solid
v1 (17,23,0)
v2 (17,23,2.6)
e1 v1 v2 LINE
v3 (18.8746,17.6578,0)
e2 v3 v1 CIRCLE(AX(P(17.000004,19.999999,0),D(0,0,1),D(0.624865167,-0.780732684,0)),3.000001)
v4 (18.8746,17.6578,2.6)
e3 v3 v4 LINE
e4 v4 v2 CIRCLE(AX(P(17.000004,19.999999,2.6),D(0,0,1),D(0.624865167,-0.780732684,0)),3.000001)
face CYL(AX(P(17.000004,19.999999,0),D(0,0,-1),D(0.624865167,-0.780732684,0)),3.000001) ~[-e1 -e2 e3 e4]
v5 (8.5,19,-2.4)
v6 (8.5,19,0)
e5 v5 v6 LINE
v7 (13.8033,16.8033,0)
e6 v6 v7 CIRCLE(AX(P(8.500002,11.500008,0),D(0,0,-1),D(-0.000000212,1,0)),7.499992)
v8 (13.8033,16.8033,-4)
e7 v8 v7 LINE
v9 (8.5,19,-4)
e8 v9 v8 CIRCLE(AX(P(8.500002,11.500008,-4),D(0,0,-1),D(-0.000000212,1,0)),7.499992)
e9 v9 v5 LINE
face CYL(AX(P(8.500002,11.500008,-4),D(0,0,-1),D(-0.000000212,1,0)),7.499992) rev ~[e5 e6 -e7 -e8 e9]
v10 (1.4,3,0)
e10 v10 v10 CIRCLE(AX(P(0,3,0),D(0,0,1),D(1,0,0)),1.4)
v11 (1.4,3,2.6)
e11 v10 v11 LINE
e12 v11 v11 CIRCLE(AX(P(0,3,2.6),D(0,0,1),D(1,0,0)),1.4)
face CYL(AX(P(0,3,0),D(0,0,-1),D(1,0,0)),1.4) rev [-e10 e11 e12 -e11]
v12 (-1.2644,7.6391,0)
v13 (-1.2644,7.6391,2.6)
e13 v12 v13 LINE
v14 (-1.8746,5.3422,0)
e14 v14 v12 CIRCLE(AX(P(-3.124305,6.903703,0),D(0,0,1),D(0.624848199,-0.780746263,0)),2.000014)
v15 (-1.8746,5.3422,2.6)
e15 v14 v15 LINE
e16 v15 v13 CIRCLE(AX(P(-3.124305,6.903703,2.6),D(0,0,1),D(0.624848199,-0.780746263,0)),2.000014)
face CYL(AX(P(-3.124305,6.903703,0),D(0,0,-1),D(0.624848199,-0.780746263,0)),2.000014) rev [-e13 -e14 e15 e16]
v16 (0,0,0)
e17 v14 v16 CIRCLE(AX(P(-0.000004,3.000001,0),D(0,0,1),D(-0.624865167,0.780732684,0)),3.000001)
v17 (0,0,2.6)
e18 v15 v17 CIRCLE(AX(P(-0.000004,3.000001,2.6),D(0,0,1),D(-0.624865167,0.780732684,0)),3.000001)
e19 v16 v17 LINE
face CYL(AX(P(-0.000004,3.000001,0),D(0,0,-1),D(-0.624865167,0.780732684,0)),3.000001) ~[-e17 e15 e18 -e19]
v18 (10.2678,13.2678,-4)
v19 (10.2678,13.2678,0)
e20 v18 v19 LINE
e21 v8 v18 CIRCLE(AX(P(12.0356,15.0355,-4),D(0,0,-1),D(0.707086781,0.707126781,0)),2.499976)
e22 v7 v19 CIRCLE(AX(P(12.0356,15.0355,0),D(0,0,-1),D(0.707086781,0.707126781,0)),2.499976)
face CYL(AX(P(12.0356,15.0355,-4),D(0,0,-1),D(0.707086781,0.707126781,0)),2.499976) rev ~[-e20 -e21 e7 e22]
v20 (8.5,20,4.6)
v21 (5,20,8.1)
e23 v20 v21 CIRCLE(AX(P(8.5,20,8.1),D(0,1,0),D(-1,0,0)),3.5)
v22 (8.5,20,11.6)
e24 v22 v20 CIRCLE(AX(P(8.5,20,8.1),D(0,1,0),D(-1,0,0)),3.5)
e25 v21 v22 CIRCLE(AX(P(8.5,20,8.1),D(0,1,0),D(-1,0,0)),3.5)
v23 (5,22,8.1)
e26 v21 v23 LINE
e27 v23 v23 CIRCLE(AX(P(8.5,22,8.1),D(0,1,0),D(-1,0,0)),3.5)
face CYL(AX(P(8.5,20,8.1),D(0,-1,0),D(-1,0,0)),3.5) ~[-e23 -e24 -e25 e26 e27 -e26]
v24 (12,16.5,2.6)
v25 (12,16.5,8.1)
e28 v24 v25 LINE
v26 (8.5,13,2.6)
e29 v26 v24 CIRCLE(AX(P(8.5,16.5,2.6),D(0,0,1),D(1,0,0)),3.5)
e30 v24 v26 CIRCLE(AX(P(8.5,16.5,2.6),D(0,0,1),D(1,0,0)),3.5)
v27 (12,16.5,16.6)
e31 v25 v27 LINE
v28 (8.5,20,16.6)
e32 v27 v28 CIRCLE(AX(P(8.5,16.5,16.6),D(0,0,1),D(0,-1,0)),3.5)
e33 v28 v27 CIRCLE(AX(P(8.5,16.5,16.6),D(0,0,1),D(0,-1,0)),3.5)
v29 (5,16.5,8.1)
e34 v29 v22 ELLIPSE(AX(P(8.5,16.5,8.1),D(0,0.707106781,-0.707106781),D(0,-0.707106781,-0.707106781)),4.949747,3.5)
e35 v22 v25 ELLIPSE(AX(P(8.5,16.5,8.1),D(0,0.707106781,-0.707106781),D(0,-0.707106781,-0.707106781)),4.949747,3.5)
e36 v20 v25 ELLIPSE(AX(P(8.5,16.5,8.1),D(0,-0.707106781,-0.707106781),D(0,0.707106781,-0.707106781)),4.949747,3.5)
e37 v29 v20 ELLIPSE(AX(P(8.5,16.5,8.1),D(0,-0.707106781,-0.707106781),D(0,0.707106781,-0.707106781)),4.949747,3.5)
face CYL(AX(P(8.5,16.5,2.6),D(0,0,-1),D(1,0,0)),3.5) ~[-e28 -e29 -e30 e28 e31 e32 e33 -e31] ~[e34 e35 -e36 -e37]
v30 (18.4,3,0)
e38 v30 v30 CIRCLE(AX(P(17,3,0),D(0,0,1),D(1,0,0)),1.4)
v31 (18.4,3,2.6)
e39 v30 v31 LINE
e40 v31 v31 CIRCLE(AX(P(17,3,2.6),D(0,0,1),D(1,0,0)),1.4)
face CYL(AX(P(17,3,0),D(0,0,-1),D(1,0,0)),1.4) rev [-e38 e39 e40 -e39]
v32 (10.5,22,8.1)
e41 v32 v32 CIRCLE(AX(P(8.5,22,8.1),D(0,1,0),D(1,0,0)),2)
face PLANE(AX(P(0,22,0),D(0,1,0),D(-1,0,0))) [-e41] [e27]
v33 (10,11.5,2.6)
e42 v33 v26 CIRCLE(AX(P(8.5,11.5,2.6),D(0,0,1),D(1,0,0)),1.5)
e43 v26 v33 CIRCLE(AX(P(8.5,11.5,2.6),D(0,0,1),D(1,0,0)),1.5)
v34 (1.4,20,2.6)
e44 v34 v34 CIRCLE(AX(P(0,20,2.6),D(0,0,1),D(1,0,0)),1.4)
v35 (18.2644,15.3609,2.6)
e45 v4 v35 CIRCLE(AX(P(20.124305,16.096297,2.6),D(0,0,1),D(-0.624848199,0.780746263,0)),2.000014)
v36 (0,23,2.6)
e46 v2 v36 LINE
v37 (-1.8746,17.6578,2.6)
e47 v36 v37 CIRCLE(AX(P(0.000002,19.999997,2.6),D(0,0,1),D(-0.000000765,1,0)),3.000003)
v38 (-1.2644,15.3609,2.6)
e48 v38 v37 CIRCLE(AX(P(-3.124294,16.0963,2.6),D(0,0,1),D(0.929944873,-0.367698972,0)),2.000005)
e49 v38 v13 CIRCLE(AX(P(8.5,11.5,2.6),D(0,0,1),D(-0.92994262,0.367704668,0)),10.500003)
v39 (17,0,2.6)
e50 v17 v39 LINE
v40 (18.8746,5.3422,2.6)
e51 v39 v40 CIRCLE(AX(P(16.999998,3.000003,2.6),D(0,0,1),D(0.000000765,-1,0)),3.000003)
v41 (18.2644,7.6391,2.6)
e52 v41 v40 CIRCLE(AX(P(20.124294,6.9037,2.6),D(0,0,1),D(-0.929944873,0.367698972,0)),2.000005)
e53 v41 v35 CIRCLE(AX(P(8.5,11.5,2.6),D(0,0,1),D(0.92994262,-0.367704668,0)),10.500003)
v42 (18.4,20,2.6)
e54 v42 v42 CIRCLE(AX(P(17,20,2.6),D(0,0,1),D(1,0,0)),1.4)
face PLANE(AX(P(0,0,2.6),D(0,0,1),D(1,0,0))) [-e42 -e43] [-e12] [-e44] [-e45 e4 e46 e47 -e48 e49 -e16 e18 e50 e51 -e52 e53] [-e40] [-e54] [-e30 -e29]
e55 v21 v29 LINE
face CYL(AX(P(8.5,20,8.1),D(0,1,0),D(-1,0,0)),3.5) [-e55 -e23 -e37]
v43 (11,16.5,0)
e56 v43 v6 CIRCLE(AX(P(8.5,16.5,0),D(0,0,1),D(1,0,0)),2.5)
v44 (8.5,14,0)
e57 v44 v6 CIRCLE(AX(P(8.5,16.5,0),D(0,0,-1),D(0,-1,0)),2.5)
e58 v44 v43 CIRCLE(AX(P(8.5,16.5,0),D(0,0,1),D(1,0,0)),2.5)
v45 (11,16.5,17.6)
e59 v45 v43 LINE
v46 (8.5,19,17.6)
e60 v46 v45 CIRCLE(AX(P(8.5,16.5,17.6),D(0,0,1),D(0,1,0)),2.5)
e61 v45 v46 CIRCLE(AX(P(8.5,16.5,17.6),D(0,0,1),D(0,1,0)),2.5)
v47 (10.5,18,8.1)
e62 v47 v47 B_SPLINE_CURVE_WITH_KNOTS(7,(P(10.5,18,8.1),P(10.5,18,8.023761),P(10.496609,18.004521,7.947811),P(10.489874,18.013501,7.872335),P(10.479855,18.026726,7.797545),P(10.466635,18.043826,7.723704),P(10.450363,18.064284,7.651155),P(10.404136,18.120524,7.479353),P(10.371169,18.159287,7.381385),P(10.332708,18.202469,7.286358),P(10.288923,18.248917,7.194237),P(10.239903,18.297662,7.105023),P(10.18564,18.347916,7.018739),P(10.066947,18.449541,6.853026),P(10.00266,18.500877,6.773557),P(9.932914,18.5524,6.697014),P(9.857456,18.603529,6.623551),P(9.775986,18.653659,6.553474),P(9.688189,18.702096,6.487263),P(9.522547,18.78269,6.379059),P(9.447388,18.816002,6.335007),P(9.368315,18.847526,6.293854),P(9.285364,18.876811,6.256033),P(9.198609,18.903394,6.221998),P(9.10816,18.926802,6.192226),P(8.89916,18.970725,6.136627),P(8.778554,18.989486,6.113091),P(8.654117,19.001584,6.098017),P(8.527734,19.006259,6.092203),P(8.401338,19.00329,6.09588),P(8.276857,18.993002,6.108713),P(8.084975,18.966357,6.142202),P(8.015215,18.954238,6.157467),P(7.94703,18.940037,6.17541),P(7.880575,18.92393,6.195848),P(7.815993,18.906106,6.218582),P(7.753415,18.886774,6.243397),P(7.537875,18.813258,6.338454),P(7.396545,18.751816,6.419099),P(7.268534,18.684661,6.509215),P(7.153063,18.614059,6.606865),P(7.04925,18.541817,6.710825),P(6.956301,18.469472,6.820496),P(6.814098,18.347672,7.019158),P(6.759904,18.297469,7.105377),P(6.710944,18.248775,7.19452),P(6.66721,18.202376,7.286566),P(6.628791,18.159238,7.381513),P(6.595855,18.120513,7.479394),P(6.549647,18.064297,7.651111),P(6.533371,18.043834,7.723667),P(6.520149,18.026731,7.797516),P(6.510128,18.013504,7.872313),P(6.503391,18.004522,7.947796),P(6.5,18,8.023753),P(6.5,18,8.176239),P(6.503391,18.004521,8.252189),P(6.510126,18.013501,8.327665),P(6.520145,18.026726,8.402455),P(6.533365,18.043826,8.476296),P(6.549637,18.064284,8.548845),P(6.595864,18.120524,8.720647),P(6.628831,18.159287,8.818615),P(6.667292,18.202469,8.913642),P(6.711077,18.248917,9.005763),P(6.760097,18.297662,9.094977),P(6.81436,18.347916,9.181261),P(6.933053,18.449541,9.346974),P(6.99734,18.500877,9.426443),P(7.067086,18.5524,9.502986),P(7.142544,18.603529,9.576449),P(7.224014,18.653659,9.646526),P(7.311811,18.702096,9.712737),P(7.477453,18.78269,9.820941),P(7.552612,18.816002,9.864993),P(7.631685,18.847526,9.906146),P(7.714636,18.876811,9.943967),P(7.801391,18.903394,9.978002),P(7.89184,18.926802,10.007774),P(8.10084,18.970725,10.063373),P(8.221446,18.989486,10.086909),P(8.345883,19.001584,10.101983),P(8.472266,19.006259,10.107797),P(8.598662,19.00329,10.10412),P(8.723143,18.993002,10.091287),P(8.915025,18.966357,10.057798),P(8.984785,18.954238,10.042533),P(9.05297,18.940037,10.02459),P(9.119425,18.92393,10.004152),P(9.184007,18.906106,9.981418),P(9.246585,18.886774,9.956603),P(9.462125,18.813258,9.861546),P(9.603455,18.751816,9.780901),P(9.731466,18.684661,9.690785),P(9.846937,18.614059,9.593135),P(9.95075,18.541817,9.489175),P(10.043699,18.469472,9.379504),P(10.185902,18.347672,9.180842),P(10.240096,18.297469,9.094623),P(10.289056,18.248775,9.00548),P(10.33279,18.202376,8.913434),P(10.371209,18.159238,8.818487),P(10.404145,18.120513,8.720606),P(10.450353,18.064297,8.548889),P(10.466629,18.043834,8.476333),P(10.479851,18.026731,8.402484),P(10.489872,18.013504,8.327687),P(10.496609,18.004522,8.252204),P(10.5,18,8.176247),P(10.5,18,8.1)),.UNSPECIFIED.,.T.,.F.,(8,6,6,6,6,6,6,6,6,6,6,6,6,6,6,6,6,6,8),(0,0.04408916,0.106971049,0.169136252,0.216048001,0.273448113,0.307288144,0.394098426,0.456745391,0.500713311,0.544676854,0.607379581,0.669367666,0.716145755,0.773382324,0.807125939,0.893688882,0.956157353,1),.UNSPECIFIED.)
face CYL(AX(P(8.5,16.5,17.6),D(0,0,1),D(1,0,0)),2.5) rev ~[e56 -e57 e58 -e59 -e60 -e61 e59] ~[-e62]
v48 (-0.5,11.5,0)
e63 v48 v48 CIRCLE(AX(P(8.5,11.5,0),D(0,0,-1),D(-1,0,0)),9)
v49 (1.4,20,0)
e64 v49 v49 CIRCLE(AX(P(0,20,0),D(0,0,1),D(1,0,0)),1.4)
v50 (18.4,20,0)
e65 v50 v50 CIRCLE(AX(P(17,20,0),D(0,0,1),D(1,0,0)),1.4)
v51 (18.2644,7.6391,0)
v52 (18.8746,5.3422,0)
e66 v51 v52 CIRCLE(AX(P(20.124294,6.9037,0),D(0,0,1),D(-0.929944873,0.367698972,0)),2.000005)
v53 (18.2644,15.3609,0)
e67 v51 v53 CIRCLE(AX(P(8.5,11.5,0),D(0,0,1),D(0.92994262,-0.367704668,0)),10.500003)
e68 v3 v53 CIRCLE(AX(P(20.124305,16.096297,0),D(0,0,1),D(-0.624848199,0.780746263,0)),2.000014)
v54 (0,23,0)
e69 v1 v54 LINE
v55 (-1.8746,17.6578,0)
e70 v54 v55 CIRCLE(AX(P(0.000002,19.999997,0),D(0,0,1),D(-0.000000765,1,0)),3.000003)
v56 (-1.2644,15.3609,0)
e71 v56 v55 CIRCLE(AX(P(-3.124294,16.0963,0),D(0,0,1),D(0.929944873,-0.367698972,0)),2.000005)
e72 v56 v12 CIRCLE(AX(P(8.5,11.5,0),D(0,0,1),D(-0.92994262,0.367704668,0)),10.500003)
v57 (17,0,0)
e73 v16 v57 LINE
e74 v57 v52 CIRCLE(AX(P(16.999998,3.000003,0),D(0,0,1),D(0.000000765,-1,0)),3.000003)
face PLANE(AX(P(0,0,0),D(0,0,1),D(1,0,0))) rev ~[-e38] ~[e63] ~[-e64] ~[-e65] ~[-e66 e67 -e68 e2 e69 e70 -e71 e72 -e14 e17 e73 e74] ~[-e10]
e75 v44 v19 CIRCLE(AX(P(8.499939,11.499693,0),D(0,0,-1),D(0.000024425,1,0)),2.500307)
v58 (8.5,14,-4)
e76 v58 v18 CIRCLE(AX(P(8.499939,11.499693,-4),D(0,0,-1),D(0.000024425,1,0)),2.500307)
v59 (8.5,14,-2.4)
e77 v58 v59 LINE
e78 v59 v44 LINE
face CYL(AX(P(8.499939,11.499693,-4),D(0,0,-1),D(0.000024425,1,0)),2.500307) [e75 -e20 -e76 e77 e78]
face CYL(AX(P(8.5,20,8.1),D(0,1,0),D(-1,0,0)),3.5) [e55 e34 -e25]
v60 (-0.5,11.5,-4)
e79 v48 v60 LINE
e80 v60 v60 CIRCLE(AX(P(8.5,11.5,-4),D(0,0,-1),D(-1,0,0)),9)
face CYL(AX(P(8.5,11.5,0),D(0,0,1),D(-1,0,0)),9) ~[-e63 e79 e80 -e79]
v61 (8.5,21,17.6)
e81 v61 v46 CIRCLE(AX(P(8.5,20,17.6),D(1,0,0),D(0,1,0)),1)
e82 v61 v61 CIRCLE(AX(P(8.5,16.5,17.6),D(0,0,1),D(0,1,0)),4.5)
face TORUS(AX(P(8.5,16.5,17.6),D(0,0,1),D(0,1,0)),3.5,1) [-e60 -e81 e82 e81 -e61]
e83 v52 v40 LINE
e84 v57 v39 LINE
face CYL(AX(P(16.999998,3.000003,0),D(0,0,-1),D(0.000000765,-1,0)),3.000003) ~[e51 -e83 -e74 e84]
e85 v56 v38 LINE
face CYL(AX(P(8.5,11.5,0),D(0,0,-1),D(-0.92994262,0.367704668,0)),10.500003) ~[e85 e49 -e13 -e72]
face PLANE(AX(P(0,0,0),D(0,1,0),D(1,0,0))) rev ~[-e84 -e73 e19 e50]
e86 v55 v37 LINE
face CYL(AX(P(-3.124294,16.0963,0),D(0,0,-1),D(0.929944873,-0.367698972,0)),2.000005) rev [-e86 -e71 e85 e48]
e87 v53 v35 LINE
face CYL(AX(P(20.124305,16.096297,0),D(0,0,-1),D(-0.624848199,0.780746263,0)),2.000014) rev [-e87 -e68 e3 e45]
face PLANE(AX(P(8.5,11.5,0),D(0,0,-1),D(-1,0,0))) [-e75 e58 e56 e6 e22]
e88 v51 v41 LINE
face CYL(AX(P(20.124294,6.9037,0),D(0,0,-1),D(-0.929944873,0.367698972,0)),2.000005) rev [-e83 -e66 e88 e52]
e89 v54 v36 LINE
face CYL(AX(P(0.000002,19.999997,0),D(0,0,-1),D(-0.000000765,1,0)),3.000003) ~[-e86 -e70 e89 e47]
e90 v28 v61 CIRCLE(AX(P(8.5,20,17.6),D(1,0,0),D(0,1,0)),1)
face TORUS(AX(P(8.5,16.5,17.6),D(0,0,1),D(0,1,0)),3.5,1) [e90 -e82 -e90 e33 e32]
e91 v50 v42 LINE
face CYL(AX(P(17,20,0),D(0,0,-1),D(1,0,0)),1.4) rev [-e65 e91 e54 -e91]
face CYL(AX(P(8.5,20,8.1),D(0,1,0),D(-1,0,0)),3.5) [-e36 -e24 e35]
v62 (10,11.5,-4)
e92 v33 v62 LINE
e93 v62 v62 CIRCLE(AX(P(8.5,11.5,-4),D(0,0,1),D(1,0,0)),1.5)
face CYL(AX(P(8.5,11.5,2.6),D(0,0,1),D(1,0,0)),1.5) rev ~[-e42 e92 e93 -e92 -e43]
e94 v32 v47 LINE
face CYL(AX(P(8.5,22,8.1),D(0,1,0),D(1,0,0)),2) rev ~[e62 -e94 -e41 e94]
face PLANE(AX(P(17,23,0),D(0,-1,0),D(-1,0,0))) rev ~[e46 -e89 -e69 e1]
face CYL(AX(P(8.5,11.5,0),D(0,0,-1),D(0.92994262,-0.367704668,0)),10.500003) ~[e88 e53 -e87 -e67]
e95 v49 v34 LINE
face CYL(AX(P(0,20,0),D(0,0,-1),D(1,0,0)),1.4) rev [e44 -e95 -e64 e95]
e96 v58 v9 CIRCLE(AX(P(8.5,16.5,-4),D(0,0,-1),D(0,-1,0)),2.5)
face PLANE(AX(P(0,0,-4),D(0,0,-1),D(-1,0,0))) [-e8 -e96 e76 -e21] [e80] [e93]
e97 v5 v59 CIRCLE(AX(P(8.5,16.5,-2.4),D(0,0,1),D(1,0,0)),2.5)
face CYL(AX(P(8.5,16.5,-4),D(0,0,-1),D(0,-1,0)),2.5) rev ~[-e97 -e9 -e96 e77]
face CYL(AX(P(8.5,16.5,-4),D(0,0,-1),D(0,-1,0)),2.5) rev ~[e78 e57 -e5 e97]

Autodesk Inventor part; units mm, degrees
ref_plane "XY Plane" through (0, 0, 0) normal (0, 0, 1) x (1, 0, 0)
sketch "Sketch1" plane through (0, 0, 0) normal (0, 0, 1) x (1, 0, 0)
  circle A0 centre (17, 3) radius 1.4
  circle A1 centre (0, 20) radius 1.4
  circle A2 centre (17, 20) radius 1.4
  circle A3 centre (0, 3) radius 1.4
  arc A4 (-1.2644, 15.3609) -> (-1.2644, 7.6391) centre (8.5, 11.5) ccw
  arc A5 (-1.8746, 5.3422) -> (-1.2644, 7.6391) centre (-3.1243, 6.9037) ccw
  arc A6 (-1.8746, 5.3422) -> (0, 0) centre (0, 3) ccw
  line L0 (0, 0) -> (17, 0)
  arc A7 (17, 0) -> (18.8746, 5.3422) centre (17, 3) ccw
  arc A8 (18.2644, 7.6391) -> (18.8746, 5.3422) centre (20.1243, 6.9037) ccw
  arc A9 (18.2644, 7.6391) -> (18.2644, 15.3609) centre (8.5, 11.5) ccw
  arc A10 (18.8746, 17.6578) -> (18.2644, 15.3609) centre (20.1243, 16.0963) ccw
  arc A11 (18.8746, 17.6578) -> (17, 23) centre (17, 20) ccw
  line L1 (17, 23) -> (0, 23)
  arc A12 (0, 23) -> (-1.8746, 17.6578) centre (0, 20) ccw
  arc A13 (-1.2644, 15.3609) -> (-1.8746, 17.6578) centre (-3.1243, 16.0963) ccw
extrude "Extrusion1" add sketch "Sketch1" along normal blind 2.6
sketch "Sketch2" plane through (0, 0, 0) normal (0, 0, -1) x (-1, 0, 0)
  circle A0 centre (-8.5, 11.5) radius 9
extrude "Extrusion2" add sketch "Sketch2" along normal blind 4
sketch "Sketch3" plane through (8.5, 11.5, -4) normal (0, 0, -1) x (-1, 0, 0)
  arc A0 (0, 7.5) -> (-5.3033, 5.3033) centre (0, 0) ccw
  arc A1 (0, 2.5) -> (0, 7.5) centre (0, 5) ccw
  arc A2 (0, 2.5) -> (-1.7678, 1.7678) centre (0, 0) ccw
  arc A3 (-5.3033, 5.3033) -> (-1.7678, 1.7678) centre (-3.5355, 3.5355) ccw
extrude "Extrusion3" cut sketch "Sketch3" against normal blind 4
sketch "Sketch4" plane through (0, 0, 2.6) normal (0, 0, 1) x (1, 0, 0)
  circle A0 centre (8.5, 16.5) radius 3.5
extrude "Extrusion4" add sketch "Sketch4" along normal blind 15
ref_plane "Work Plane1" through (8.5, 0, 0) normal (1, 0, 0) x (0, 1, 0)
sketch "Sketch6" plane through (8.5, 0, 0) normal (1, 0, 0) x (0, 1, 0)
  circle A0 centre (20, 17.6) radius 1
  line L0 (16.5, 17.6) -> (16.5, 21.4909) construction
revolve "Revolution1" add sketch "Sketch6" angle 360 about axis through (8.5, 16.5, 17.6) along (0, 0, 1)
ref_plane "Work Plane2" through (0, 20, 0) normal (0, 1, 0) x (-1, 0, 0)
sketch "Sketch7" plane through (0, 20, 0) normal (0, 1, 0) x (-1, 0, 0)
  circle A0 centre (-8.5, 8.1) radius 3.5
extrude "Extrusion6" add sketch "Sketch7" along normal blind 2 and the other way blind 3.5
sketch "Sketch8" plane through (8.5, 16.5, 17.6) normal (0, 0, 1) x (1, 0, 0)
  circle A0 centre (0, 0) radius 2.5 projected
extrude "Extrusion8" cut sketch "Sketch8" against normal blind 20
sketch "Sketch9" plane through (8.5, 22, 8.1) normal (0, 1, 0) x (1, 0, 0)
  circle A0 centre (0, 0) radius 2
extrude "Extrusion9" cut sketch "Sketch9" against normal blind 5
thread "Thread1" size "M4x0.5" class "6H" standard "ISO Metric profile" full length
sketch "Sketch10" plane through (0, 0, 2.6) normal (0, 0, 1) x (1, 0, 0)
  circle A0 centre (8.5, 11.5) radius 1.5
extrude "Extrusion10" cut sketch "Sketch10" against normal blind 10
properties part number "cover"
